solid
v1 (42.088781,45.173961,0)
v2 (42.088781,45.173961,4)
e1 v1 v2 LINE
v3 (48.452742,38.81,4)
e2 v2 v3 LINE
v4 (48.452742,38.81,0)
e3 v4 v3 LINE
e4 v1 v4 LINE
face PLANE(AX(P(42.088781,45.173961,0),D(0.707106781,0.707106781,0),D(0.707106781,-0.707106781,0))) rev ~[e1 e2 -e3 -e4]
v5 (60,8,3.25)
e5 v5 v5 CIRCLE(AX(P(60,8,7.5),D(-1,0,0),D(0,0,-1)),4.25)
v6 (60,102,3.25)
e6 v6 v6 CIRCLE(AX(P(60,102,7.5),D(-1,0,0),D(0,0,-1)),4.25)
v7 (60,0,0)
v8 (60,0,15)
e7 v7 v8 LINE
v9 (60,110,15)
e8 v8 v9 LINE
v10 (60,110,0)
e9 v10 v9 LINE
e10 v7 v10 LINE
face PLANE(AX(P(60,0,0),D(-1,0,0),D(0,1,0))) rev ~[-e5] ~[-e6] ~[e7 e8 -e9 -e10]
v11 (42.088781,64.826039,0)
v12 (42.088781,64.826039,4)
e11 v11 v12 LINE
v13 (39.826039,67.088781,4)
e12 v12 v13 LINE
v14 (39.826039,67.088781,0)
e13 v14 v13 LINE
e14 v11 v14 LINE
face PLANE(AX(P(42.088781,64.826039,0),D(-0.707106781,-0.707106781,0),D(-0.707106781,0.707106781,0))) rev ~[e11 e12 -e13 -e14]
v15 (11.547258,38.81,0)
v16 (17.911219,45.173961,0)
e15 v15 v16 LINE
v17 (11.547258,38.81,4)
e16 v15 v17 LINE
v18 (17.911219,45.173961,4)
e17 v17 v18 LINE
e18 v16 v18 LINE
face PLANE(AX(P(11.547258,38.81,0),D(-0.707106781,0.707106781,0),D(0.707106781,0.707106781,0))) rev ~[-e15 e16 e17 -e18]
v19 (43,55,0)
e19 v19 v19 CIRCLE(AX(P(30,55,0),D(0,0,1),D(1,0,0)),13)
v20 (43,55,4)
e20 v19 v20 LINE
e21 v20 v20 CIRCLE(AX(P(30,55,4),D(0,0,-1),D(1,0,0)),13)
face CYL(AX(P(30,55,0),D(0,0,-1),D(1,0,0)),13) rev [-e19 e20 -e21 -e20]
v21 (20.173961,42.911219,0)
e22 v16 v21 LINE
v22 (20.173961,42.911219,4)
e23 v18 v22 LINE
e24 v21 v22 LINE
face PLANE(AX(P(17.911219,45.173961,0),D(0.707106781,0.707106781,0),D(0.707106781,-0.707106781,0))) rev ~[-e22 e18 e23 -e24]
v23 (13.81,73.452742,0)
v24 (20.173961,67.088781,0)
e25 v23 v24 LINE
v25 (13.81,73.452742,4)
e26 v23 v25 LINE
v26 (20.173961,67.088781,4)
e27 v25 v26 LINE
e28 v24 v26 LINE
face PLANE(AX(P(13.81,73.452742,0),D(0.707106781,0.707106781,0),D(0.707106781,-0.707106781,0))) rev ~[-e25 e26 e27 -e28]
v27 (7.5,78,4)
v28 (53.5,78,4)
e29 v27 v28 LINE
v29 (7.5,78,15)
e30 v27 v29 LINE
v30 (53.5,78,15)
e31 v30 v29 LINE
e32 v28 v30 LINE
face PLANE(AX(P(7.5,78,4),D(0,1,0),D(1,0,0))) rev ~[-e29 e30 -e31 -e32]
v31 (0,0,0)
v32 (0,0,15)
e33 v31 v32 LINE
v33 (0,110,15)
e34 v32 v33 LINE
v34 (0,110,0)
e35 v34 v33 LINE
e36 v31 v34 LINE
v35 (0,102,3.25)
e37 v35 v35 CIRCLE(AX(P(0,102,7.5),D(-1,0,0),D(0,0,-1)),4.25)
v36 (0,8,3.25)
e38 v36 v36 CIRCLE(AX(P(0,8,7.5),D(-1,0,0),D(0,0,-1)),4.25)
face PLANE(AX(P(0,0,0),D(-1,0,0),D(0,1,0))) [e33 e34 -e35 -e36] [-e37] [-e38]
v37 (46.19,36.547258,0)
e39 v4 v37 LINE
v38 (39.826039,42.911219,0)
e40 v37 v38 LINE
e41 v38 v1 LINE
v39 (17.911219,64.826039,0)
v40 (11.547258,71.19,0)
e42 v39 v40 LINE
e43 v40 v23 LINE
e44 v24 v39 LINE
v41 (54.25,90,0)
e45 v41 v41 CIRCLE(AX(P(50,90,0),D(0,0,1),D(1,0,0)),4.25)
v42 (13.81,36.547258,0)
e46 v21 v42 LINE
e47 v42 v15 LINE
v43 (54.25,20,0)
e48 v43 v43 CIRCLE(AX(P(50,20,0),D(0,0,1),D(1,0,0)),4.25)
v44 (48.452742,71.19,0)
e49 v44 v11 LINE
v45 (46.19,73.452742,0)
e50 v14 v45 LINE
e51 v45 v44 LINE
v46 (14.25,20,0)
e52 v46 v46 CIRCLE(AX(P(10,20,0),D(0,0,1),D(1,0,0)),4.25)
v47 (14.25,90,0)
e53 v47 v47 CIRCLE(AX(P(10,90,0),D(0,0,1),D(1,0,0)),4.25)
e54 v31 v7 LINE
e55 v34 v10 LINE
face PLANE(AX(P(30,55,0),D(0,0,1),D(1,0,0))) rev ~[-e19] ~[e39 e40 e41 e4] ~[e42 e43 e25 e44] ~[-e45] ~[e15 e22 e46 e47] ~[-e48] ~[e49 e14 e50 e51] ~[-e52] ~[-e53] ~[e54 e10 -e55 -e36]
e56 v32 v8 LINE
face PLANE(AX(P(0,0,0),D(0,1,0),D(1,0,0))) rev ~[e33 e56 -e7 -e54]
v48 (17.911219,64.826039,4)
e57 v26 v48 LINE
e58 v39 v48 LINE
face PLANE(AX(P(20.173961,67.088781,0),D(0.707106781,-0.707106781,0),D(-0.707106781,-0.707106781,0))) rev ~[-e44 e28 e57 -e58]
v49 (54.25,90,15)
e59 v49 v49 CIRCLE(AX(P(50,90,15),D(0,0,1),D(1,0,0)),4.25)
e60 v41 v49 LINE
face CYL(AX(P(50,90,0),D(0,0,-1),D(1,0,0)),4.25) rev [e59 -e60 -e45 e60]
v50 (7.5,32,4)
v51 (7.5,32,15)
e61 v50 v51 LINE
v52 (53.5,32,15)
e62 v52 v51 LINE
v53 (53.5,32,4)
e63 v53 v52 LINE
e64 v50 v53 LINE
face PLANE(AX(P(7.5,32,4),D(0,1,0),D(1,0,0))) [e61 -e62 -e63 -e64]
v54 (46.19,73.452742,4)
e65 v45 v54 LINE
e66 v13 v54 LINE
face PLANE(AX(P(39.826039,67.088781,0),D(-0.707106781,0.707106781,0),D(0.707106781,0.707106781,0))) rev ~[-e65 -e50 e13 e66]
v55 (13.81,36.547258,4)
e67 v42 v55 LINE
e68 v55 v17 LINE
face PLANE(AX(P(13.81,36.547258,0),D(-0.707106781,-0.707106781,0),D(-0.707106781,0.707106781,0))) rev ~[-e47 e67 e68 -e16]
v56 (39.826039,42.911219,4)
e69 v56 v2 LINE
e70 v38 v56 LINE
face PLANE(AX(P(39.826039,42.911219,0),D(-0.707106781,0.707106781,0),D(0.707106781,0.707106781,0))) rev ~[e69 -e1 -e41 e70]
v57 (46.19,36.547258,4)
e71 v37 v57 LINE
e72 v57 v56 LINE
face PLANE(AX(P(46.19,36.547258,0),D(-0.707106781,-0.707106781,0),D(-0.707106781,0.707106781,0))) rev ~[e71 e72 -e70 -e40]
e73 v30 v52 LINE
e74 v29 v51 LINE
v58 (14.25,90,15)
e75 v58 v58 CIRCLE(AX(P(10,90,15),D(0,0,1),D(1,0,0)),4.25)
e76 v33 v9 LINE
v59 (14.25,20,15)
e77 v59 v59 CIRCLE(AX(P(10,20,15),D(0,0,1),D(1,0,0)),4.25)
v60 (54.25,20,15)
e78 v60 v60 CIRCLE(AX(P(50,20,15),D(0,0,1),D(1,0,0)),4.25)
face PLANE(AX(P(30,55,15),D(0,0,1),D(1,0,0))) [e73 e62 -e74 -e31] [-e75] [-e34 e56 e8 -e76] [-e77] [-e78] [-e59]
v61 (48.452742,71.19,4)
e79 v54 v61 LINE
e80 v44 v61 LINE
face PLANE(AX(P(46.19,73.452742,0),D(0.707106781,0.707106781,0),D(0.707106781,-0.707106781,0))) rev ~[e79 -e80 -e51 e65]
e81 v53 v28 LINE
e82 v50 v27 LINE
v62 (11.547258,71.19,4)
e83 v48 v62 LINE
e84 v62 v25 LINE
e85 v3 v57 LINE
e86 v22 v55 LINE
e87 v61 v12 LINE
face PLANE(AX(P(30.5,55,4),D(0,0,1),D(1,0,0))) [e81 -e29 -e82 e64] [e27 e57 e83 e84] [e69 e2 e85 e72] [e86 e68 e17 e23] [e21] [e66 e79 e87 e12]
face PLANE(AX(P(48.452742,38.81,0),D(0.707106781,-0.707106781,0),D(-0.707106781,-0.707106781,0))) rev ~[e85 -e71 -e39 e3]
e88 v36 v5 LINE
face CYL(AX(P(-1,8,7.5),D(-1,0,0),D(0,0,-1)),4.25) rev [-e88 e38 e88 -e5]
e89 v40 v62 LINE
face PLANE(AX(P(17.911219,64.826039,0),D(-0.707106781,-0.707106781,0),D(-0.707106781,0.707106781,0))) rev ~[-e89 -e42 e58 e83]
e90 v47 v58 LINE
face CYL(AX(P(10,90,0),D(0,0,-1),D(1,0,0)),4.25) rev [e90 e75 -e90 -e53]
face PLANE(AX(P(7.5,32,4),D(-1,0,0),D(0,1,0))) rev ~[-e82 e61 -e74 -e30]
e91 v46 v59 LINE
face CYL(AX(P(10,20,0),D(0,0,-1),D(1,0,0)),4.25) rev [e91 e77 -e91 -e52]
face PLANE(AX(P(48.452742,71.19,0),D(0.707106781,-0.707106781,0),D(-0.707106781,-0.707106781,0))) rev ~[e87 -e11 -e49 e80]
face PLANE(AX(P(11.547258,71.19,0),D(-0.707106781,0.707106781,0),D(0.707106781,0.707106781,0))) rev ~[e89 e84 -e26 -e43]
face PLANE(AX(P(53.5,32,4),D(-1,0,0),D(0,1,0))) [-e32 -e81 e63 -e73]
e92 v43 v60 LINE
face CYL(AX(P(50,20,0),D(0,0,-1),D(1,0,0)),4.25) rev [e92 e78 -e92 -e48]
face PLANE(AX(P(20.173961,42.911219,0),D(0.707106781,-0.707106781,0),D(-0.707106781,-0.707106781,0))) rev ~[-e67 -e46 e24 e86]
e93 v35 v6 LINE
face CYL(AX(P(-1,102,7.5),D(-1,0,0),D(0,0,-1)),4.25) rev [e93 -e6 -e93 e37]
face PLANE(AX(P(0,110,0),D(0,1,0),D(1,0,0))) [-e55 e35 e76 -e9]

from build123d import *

# Parameters (mm, degrees)
BOX_W                   = 46
BOX_H                   = 46
BOX_DEPTH               = 20
CYLINDER001_R           = 4.25
CYLINDER001_DEPTH       = 76
CYLINDER001_PITCH_ANGLE = 90
CYLINDER_R              = 4.25
CYLINDER_DEPTH          = 76
CYLINDER_PITCH_ANGLE    = 90
SKETCH_W                = 60
SKETCH_H                = 110
SKETCH_R                = 4.25
SKETCH_R_2              = 13
PAD_DEPTH               = 15


with BuildPart() as cubo:
    # Box → Box (new body)
    with BuildSketch(Plane(origin=(7.5, 32, 4), x_dir=(1, 0, 0), z_dir=(0, 0, 1))):
        with Locations((23, 23)):
            Rectangle(BOX_W, BOX_H)
    extrude(amount=BOX_DEPTH)


with BuildPart() as cilindro001:
    # Cylinder001 → Cylinder001 (new body)
    with BuildSketch(Plane.XY):
        Circle(CYLINDER001_R)
    extrude(amount=CYLINDER001_DEPTH)


with BuildPart() as cilindro001_1:
    # Cylinder001 pitch: moved
    add(cilindro001.part.rotate(Axis((0, 0, 0), (0, 1, 0)), CYLINDER001_PITCH_ANGLE))


with BuildPart() as cilindro001_2:
    # Cylinder001 placement: moved
    add(cilindro001_1.part.moved(Location((-1, 8, 7.5))))


with BuildPart() as cilindro:
    # Cylinder → Cylinder (new body)
    with BuildSketch(Plane.XY):
        Circle(CYLINDER_R)
    extrude(amount=CYLINDER_DEPTH)


with BuildPart() as cilindro_1:
    # Cylinder pitch: moved
    add(cilindro.part.rotate(Axis((0, 0, 0), (0, 1, 0)), CYLINDER_PITCH_ANGLE))


with BuildPart() as cilindro_2:
    # Cylinder placement: moved
    add(cilindro_1.part.moved(Location((-1, 102, 7.5))))


with BuildPart() as cut002:
    # Sketch → Pad (new body)
    with BuildSketch(Plane.XY):
        with Locations((30, 55)):
            Rectangle(SKETCH_W, SKETCH_H)
        with Locations((10, 20)):
            Circle(SKETCH_R, mode=Mode.SUBTRACT)
        with Locations((50, 20)):
            Circle(SKETCH_R, mode=Mode.SUBTRACT)
        with Locations((10, 90)):
            Circle(SKETCH_R, mode=Mode.SUBTRACT)
        with Locations((50, 90)):
            Circle(SKETCH_R, mode=Mode.SUBTRACT)
        with Locations((30, 55)):
            Circle(SKETCH_R_2, mode=Mode.SUBTRACT)
        Polygon((39.826039, 67.088781), (46.19, 73.452742), (48.452742, 71.19), (42.088781, 64.826039), align=None, mode=Mode.SUBTRACT)
        Polygon((39.826039, 42.911219), (42.088781, 45.173961), (48.452742, 38.81), (46.19, 36.547258), align=None, mode=Mode.SUBTRACT)
        Polygon((11.547258, 71.19), (13.81, 73.452742), (20.173961, 67.088781), (17.911219, 64.826039), align=None, mode=Mode.SUBTRACT)
        Polygon((11.547258, 38.81), (17.911219, 45.173961), (20.173961, 42.911219), (13.81, 36.547258), align=None, mode=Mode.SUBTRACT)
    extrude(amount=PAD_DEPTH)

    # Cut: cut Cilindro
    add(cilindro_2.part, mode=Mode.SUBTRACT)

    # Cut001: cut Cilindro001
    add(cilindro001_2.part, mode=Mode.SUBTRACT)

    # Cut002: cut Cubo
    add(cubo.part, mode=Mode.SUBTRACT)


solid = cut002.part
